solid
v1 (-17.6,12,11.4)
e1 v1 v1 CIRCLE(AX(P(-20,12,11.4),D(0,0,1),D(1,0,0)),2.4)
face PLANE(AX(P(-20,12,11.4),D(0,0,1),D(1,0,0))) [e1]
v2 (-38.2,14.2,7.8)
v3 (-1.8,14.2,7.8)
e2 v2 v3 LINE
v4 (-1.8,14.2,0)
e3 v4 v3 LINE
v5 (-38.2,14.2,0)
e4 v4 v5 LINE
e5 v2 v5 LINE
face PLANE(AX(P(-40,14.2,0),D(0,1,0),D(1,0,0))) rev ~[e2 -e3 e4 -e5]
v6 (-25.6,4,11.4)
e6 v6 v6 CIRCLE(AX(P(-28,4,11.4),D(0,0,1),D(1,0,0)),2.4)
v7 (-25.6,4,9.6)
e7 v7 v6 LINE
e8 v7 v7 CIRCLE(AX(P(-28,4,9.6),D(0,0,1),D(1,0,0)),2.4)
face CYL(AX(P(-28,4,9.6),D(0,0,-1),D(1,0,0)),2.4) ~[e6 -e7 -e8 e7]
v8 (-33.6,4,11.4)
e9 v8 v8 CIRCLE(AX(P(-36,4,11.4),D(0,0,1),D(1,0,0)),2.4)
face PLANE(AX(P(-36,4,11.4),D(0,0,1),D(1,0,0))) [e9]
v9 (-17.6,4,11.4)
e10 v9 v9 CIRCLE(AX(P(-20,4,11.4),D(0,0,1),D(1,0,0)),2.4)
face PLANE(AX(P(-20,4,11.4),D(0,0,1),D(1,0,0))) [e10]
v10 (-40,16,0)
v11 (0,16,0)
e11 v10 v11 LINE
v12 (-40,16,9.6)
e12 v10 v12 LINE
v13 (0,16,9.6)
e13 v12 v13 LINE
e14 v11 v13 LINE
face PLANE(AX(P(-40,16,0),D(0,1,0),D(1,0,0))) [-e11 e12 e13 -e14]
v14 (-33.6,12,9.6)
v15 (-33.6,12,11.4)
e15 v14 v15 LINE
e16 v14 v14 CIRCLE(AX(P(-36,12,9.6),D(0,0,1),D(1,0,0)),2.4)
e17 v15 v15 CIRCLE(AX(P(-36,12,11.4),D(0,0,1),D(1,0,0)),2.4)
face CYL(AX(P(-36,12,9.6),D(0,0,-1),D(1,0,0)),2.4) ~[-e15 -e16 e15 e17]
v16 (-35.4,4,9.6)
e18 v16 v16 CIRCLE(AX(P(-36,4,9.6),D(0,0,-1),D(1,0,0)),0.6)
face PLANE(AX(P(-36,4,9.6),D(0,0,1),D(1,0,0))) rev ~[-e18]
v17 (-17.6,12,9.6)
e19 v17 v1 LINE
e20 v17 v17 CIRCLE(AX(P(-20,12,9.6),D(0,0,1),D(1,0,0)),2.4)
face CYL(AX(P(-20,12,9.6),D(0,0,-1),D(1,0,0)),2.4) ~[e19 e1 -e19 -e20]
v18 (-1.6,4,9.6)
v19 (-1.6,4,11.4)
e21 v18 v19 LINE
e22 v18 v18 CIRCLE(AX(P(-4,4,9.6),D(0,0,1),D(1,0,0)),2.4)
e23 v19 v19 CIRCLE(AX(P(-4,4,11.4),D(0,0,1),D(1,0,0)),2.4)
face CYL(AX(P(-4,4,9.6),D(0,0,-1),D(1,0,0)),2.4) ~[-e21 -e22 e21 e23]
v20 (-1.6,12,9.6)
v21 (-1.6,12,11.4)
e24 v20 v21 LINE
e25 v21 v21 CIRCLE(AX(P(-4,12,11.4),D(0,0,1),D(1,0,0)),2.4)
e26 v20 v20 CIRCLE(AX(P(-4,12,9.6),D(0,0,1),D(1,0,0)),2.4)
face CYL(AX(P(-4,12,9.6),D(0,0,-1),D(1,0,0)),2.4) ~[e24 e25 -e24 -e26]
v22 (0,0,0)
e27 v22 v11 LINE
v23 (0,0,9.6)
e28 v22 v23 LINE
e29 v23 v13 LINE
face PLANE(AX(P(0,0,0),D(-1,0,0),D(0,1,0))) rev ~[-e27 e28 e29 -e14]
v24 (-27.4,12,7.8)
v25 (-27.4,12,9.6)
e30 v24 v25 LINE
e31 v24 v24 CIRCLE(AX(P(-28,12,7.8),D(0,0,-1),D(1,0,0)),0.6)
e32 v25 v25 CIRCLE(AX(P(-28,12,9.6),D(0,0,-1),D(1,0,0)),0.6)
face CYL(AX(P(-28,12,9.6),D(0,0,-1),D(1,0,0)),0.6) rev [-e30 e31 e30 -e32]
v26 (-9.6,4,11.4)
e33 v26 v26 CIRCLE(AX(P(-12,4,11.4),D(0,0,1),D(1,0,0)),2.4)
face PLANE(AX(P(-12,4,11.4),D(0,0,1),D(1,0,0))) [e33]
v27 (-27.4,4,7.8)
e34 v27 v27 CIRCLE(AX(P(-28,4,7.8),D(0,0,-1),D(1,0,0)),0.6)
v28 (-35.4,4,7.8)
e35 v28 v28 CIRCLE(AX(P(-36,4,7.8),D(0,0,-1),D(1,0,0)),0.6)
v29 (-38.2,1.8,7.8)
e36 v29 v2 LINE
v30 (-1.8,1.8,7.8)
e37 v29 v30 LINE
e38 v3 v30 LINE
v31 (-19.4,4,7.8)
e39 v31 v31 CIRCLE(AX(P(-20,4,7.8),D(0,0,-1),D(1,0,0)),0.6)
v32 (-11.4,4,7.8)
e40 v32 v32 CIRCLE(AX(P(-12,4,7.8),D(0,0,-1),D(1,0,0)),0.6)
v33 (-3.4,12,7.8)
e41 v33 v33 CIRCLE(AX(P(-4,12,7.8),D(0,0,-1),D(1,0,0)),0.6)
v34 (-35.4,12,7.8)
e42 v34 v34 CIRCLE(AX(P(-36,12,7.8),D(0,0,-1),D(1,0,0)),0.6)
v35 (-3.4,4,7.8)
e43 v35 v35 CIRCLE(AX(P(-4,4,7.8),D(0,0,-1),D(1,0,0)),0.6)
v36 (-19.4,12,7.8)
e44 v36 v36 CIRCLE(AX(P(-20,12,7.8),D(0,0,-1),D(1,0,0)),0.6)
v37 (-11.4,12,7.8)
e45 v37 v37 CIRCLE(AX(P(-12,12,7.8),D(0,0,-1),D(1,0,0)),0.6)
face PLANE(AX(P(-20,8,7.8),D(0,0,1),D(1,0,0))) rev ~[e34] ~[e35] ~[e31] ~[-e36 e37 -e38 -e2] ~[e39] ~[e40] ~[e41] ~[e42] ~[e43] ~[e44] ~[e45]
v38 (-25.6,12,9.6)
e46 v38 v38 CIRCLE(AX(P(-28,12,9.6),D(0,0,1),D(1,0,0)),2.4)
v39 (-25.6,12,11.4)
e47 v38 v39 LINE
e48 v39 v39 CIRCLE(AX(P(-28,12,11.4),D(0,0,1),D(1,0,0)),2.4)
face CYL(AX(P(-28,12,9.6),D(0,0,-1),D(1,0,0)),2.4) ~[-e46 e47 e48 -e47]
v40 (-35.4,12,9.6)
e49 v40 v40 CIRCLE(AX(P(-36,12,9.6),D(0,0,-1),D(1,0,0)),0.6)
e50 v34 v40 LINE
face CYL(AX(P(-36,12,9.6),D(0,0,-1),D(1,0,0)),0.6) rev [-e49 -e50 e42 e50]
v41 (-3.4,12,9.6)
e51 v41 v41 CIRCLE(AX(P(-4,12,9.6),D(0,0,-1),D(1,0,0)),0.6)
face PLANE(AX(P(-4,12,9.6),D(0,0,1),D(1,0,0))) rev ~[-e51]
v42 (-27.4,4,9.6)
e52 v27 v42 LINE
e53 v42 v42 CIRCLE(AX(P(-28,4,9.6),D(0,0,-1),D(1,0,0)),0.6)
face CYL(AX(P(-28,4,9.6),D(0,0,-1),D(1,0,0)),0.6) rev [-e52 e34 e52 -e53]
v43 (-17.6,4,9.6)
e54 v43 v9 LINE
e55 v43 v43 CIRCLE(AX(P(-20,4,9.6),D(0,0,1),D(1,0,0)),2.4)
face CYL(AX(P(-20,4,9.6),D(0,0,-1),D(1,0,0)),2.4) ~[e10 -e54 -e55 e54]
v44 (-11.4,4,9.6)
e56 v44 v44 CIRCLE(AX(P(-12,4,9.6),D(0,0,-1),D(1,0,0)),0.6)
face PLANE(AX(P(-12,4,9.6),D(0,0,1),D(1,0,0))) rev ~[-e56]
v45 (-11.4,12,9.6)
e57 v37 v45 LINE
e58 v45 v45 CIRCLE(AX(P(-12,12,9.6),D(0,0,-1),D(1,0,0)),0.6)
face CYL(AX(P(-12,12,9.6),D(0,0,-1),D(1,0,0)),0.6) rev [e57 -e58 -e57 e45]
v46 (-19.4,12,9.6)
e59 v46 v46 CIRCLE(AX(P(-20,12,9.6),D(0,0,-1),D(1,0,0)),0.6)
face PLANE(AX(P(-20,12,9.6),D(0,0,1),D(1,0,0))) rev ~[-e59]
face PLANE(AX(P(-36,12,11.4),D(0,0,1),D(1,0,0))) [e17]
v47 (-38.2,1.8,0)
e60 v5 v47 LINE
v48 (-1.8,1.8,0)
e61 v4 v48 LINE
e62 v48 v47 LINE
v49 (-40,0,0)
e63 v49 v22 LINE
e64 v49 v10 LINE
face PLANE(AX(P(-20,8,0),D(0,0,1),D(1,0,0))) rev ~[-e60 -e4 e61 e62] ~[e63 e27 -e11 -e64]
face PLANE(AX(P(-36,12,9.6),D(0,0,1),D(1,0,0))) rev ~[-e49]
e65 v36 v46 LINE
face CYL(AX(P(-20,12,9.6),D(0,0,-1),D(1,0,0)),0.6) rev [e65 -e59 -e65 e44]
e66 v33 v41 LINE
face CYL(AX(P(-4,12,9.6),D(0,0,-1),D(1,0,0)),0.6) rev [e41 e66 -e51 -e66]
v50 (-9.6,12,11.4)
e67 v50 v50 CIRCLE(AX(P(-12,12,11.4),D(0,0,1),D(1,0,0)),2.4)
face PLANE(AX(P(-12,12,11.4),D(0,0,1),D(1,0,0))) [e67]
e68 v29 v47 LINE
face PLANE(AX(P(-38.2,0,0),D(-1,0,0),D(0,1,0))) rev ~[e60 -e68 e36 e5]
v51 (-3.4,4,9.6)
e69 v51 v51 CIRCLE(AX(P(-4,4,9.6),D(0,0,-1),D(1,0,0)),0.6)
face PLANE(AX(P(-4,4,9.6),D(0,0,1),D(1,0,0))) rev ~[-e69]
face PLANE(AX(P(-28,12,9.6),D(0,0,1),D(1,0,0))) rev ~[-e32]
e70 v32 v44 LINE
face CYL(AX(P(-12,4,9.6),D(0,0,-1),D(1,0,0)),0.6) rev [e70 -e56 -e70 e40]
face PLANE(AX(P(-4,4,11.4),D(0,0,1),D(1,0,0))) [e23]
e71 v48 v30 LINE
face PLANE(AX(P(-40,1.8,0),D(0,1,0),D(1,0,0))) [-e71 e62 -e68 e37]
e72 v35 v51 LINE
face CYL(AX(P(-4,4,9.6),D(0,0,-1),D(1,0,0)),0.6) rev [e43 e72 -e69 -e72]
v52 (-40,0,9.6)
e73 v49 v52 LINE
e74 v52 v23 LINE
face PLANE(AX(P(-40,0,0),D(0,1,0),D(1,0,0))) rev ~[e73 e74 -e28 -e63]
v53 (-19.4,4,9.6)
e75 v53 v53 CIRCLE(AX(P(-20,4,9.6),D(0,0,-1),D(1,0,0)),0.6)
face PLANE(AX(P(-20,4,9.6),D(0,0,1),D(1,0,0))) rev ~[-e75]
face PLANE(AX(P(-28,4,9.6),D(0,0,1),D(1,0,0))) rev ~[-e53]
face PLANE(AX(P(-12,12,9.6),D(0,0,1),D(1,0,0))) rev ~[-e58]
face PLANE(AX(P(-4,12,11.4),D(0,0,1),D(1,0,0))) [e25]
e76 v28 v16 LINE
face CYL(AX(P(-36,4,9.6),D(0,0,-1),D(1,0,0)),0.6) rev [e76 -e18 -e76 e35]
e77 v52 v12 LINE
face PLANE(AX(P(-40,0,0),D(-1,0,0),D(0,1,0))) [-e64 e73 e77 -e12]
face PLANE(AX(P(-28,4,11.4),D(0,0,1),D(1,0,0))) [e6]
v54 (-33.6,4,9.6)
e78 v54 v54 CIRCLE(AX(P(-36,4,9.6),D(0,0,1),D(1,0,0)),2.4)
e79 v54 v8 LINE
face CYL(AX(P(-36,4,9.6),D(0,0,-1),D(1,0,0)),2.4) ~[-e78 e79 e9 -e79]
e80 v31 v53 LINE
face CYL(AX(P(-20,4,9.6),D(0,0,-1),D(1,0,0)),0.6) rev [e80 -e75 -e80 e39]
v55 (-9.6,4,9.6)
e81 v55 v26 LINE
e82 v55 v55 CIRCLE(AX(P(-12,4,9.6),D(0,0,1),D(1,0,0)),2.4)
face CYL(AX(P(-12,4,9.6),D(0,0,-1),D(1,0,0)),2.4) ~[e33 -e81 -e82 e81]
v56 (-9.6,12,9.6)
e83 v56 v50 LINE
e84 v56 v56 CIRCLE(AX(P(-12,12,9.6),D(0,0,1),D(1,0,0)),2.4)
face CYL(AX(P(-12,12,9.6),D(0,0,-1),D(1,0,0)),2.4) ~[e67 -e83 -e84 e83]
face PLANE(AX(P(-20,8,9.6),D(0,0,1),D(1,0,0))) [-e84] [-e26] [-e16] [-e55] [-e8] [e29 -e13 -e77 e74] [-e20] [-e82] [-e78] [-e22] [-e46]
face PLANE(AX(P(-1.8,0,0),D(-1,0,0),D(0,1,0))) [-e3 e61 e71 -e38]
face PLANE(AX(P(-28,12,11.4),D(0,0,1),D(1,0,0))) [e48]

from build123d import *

# Parameters (mm, degrees)
F0_W     = 40
F0_H     = 16
F1_DEPTH = 9.6
F2_R     = 2.4
F3_DEPTH = 1.8
F4_T     = -1.8


with BuildPart() as f1:
    # F0 (on Top) → F1 (new body)
    with BuildSketch(Plane.XY):
        with Locations((-20, 8)):
            Rectangle(F0_W, F0_H)
    extrude(amount=F1_DEPTH)

    # F2 (on face) → F3 (join)
    with BuildSketch(Plane.XY.offset(9.6)):
        with Locations((-36, 12)):
            Circle(F2_R)
        with Locations((-36, 4)):
            Circle(F2_R)
        with Locations((-28, 4)):
            Circle(F2_R)
        with Locations((-28, 12)):
            Circle(F2_R)
        with Locations((-20, 4)):
            Circle(F2_R)
        with Locations((-12, 4)):
            Circle(F2_R)
        with Locations((-4, 4)):
            Circle(F2_R)
        with Locations((-4, 12)):
            Circle(F2_R)
        with Locations((-12, 12)):
            Circle(F2_R)
        with Locations((-20, 12)):
            Circle(F2_R)
    extrude(amount=F3_DEPTH)

    # F4
    f4_openings = [f1.faces().sort_by_distance(p)[0] for p in [
        (-20, 8, 0),
    ]]
    offset(amount=F4_T, openings=f4_openings, kind=Kind.INTERSECTION)


solid = f1.part
